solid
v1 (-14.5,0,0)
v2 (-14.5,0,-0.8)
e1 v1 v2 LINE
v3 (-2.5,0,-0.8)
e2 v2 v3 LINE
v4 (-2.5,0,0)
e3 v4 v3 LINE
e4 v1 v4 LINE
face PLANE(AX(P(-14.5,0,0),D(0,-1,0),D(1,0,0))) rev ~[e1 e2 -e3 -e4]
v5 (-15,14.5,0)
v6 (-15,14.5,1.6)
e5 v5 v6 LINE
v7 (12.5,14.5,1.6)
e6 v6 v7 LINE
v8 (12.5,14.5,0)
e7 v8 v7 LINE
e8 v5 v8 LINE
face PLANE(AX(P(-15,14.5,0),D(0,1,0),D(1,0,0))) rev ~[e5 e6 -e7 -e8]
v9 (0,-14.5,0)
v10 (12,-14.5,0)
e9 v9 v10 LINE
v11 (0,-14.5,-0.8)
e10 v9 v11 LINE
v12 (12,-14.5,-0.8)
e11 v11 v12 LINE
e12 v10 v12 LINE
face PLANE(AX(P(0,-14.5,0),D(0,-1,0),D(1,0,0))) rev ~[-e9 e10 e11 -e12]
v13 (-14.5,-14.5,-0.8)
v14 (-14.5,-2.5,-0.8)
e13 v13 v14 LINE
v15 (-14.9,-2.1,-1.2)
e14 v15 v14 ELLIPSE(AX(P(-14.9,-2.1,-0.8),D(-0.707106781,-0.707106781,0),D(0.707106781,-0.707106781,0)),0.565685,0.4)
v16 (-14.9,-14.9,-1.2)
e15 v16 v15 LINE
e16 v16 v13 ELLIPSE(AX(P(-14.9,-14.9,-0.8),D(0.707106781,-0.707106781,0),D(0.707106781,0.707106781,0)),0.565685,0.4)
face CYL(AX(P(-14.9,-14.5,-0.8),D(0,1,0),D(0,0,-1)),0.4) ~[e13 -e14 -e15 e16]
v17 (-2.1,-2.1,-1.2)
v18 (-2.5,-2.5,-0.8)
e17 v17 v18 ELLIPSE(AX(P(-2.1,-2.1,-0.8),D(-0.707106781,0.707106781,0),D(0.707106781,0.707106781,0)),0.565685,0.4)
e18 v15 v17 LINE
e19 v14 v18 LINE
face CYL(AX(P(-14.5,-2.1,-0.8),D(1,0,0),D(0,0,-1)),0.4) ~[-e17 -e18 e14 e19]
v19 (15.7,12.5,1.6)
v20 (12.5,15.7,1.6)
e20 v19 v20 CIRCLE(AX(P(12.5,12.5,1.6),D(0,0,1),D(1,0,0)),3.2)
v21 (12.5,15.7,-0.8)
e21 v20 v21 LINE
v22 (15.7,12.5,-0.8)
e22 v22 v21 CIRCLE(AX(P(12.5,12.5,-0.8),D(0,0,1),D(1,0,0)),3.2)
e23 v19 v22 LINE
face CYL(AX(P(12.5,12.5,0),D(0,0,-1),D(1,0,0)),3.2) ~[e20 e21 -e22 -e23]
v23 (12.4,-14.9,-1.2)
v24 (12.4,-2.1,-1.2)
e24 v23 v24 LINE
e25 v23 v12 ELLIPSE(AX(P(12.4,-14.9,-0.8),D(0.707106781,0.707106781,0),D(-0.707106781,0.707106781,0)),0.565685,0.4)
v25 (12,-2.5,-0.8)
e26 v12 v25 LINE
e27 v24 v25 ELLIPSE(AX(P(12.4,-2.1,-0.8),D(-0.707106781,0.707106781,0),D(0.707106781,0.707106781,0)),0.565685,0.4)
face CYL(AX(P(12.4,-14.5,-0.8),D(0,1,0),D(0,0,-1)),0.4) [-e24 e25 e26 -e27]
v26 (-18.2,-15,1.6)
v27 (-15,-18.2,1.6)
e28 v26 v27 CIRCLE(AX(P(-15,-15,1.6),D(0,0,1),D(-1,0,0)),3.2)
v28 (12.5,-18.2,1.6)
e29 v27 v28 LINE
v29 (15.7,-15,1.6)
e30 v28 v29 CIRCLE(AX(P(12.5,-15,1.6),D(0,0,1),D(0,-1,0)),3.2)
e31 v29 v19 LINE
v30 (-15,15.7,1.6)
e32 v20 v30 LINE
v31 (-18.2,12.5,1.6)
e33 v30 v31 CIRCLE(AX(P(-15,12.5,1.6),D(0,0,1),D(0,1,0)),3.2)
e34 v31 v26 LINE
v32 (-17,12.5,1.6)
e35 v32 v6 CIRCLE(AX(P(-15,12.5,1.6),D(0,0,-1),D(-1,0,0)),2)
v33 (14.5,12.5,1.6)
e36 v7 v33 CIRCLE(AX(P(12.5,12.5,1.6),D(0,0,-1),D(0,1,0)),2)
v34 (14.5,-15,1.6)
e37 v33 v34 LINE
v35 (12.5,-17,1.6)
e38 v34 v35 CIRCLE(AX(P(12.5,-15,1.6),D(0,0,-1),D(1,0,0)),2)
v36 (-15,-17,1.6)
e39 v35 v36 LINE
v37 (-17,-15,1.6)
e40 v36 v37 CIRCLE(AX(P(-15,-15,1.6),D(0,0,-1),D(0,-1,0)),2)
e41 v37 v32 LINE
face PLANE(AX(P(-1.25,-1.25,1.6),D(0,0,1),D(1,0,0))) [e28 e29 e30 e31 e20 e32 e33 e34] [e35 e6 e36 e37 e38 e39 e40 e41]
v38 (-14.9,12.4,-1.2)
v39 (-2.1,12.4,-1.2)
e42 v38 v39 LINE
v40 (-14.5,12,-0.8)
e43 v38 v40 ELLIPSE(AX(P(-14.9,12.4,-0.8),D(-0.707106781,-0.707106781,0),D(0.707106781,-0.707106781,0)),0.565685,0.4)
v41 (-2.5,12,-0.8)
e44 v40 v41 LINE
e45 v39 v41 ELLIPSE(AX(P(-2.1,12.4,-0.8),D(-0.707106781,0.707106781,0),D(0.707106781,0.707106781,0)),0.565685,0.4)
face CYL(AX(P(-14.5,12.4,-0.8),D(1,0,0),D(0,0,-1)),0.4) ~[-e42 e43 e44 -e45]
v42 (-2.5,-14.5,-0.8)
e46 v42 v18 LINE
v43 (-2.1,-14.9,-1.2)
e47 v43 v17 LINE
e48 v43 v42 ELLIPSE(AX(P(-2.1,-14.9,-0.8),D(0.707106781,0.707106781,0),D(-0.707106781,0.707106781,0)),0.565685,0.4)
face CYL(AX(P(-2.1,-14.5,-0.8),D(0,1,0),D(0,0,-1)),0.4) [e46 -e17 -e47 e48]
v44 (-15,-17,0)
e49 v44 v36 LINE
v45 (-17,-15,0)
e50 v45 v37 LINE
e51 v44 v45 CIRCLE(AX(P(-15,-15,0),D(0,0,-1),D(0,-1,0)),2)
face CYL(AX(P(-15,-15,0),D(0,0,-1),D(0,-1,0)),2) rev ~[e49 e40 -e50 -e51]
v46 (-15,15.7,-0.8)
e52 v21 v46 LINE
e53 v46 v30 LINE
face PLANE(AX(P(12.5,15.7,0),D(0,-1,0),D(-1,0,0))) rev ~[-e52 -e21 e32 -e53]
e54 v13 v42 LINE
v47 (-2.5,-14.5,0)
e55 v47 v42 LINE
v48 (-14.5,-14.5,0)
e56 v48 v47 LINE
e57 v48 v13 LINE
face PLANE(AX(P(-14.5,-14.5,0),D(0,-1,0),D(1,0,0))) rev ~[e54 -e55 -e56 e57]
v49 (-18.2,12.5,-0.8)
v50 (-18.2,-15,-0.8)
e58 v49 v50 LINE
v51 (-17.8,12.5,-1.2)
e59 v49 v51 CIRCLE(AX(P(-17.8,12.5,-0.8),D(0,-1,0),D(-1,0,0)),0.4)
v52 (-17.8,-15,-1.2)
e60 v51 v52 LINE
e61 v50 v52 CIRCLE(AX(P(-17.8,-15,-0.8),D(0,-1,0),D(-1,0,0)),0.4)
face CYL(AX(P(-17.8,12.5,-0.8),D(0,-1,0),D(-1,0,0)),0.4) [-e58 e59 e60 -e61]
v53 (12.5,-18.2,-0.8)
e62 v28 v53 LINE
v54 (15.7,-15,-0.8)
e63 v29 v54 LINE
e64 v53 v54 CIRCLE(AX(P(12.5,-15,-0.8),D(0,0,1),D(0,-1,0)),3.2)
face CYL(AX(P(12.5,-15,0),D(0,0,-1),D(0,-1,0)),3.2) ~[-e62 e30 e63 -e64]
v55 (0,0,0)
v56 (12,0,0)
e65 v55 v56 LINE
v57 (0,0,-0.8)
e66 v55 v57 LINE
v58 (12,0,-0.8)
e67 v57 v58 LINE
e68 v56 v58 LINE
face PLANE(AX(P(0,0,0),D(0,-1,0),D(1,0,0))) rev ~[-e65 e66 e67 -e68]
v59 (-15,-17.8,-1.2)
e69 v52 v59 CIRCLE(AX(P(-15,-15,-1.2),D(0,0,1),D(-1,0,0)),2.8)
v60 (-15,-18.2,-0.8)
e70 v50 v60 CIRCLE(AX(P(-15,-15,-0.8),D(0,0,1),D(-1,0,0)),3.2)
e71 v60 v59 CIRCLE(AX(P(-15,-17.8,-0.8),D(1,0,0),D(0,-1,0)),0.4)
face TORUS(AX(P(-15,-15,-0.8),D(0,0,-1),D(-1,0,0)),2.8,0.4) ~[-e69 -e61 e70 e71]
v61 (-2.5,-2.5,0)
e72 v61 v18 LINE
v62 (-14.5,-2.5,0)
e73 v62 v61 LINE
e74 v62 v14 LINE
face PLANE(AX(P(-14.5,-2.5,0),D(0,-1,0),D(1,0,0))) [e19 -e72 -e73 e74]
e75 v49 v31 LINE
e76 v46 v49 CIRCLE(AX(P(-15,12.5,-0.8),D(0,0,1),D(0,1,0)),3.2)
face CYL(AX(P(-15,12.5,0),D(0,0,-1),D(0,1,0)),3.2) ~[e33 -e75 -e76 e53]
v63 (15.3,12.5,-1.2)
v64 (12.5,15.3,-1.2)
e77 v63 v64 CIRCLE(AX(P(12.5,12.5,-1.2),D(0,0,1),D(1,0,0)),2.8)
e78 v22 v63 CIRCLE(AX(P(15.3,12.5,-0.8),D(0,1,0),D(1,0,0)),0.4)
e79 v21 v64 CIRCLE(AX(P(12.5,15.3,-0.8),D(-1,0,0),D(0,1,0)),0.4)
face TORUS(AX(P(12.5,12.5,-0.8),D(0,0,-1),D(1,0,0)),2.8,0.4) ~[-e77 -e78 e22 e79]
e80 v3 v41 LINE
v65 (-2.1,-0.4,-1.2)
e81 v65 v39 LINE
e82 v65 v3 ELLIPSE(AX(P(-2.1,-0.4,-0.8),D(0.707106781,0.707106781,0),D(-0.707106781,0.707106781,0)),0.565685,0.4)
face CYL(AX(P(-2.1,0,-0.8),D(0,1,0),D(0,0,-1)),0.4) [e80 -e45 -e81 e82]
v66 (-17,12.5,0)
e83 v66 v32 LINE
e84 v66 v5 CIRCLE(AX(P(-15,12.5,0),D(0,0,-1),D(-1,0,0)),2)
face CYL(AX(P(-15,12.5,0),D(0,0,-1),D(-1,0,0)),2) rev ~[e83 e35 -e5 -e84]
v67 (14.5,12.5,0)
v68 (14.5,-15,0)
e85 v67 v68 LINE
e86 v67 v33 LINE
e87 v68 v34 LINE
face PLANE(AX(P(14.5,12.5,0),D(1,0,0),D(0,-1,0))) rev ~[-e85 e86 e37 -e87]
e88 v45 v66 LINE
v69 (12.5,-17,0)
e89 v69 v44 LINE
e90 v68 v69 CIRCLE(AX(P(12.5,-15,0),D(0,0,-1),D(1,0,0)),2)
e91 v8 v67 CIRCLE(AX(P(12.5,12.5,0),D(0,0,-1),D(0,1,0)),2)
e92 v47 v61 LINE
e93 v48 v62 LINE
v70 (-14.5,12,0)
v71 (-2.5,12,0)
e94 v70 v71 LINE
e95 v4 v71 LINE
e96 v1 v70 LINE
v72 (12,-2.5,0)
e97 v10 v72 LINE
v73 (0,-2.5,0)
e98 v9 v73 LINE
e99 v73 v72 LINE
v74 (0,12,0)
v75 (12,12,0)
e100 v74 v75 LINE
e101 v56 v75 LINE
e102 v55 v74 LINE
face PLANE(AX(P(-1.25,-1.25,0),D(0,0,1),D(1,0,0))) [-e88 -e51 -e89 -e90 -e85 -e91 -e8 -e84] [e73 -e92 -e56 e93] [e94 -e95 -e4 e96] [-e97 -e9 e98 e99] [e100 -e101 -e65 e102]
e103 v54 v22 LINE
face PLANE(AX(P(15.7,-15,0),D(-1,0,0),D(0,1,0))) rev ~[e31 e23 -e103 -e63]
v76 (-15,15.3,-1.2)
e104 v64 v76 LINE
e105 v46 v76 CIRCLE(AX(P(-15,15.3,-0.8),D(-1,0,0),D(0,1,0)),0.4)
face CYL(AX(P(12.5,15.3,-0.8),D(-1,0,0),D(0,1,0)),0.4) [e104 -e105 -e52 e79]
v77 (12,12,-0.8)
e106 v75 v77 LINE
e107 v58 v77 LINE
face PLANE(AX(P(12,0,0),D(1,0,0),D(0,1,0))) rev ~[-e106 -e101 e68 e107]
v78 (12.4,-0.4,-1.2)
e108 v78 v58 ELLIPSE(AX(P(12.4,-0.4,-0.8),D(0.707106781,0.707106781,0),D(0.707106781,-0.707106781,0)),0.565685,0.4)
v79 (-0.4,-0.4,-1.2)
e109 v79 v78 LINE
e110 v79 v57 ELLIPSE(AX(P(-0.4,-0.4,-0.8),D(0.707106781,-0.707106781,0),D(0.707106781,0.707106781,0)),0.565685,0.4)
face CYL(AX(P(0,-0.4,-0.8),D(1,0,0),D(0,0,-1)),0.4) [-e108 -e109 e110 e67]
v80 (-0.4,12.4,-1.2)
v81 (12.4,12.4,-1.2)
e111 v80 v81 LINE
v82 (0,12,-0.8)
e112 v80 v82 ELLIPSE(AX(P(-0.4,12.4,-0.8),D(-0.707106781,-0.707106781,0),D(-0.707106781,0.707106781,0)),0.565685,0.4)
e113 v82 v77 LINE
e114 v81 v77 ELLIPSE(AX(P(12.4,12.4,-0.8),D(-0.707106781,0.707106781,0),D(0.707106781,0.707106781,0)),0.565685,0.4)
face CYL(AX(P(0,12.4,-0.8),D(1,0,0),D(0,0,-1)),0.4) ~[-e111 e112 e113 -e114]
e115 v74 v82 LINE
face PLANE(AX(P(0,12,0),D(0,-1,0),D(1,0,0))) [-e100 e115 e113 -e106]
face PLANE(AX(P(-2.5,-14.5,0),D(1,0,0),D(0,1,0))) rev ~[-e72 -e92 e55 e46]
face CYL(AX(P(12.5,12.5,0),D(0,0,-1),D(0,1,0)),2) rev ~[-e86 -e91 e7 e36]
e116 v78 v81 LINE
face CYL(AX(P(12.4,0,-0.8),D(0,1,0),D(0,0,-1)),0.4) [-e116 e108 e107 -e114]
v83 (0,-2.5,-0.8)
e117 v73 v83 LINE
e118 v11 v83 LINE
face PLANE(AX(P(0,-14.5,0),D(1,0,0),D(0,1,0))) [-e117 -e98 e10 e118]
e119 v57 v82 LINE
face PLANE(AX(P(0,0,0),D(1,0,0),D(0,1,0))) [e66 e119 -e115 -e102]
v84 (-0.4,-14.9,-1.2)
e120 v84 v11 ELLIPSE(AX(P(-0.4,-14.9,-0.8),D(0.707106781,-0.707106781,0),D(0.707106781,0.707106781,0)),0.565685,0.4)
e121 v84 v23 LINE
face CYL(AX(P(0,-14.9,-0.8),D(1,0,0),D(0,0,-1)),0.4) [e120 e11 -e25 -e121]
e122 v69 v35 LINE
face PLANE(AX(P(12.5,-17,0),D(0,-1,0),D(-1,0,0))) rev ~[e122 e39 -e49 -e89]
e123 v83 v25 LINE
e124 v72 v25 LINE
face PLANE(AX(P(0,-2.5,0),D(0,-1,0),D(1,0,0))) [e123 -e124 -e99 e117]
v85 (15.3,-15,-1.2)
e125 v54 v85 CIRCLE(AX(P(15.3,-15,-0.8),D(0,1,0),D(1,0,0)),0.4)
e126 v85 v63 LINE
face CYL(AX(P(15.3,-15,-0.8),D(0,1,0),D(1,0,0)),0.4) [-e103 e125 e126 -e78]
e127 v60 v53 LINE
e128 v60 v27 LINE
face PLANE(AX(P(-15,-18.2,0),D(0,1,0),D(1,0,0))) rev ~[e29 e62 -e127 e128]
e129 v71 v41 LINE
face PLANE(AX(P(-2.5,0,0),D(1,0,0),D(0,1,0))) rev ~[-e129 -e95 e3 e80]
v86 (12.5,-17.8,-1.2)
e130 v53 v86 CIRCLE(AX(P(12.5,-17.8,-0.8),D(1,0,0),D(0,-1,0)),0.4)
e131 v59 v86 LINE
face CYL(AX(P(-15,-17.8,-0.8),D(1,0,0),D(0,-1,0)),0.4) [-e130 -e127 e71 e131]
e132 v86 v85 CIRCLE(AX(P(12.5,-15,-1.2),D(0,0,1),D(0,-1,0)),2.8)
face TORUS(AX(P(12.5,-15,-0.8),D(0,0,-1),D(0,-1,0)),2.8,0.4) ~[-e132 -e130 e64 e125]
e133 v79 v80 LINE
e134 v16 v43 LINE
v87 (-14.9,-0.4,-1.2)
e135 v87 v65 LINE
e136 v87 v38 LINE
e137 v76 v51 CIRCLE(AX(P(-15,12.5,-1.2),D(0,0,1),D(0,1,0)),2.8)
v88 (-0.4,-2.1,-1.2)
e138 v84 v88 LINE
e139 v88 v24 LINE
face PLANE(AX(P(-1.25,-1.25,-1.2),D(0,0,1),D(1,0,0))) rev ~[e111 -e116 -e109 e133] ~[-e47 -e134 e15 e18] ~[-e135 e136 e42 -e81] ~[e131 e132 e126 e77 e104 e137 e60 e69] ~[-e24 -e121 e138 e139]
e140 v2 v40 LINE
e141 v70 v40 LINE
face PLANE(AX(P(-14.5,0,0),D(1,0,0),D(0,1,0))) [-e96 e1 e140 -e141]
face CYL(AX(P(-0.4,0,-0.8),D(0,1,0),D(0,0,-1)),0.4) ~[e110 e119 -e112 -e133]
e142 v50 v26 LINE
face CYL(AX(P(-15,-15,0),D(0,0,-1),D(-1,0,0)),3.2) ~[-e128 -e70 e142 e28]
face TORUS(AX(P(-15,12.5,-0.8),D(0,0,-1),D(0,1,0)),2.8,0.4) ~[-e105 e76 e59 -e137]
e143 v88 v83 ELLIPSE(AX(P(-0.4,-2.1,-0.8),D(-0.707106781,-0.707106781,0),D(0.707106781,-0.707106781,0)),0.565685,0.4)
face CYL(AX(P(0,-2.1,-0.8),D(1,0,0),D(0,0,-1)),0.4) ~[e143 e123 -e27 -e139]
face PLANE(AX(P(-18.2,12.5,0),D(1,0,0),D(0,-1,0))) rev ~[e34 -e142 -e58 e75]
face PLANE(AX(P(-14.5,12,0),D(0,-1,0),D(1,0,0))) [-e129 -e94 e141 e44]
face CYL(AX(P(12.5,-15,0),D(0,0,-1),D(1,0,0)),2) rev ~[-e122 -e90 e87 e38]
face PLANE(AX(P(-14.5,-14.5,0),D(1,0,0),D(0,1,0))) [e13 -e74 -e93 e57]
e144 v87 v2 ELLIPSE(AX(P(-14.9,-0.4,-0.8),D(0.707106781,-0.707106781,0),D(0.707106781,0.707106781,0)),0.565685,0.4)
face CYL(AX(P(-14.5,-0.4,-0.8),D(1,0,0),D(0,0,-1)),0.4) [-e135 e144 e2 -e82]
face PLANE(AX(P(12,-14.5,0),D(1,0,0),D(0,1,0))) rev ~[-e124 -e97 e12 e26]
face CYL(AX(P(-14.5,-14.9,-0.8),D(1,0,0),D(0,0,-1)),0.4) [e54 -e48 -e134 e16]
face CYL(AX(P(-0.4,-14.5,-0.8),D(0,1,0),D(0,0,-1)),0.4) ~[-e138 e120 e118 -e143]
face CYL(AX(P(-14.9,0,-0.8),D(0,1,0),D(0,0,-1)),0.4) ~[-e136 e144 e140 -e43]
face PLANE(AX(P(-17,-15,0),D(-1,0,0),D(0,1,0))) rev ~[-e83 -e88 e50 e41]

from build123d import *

# Parameters (mm, degrees)
F0_W     = 12
F0_H     = 12
F1_DEPTH = 1.2
F2_DEPTH = 1.6
F3_R     = 0.4


with BuildPart() as f1:
    # F0 (on Top) → F1 (new body)
    with BuildSketch(Plane.XY):
        with BuildLine():
            Line((12.5, 15.7), (-15, 15.7))
            ThreePointArc((-15, 15.7), (-17.2627416998, 14.7627416998), (-18.2, 12.5))
            Line((-18.2, 12.5), (-18.2, -15))
            ThreePointArc((-18.2, -15), (-17.2627416998, -17.2627416998), (-15, -18.2))
            Line((-15, -18.2), (12.5, -18.2))
            ThreePointArc((12.5, -18.2), (14.7627416998, -17.2627416998), (15.7, -15))
            Line((15.7, -15), (15.7, 12.5))
            ThreePointArc((15.7, 12.5), (14.7627416998, 14.7627416998), (12.5, 15.7))
        make_face()
        with BuildLine():
            ThreePointArc((-17, 12.5), (-16.4142135624, 13.9142135624), (-15, 14.5))
            Line((-15, 14.5), (12.5, 14.5))
            ThreePointArc((12.5, 14.5), (13.9142135624, 13.9142135624), (14.5, 12.5))
            Line((14.5, 12.5), (14.5, -15))
            ThreePointArc((14.5, -15), (13.9142135624, -16.4142135624), (12.5, -17))
            Line((12.5, -17), (-15, -17))
            ThreePointArc((-15, -17), (-16.4142135624, -16.4142135624), (-17, -15))
            Line((-17, -15), (-17, 12.5))
        make_face(mode=Mode.SUBTRACT)
        with BuildLine():
            Line((12.5, 14.5), (-15, 14.5))
            ThreePointArc((-15, 14.5), (-16.4142135624, 13.9142135624), (-17, 12.5))
            Line((-17, 12.5), (-17, -15))
            ThreePointArc((-17, -15), (-16.4142135624, -16.4142135624), (-15, -17))
            Line((-15, -17), (12.5, -17))
            ThreePointArc((12.5, -17), (13.9142135624, -16.4142135624), (14.5, -15))
            Line((14.5, -15), (14.5, 12.5))
            ThreePointArc((14.5, 12.5), (13.9142135624, 13.9142135624), (12.5, 14.5))
        make_face()
        with Locations((-8.5, -8.5)):
            Rectangle(F0_W, F0_H, mode=Mode.SUBTRACT)
        with Locations((6, -8.5)):
            Rectangle(F0_W, F0_H, mode=Mode.SUBTRACT)
        with Locations((-8.5, 6)):
            Rectangle(F0_W, F0_H, mode=Mode.SUBTRACT)
        with Locations((6, 6)):
            Rectangle(F0_W, F0_H, mode=Mode.SUBTRACT)
    extrude(amount=-F1_DEPTH)

    # F0 (on Top) → F2 (join)
    with BuildSketch(Plane.XY):
        with BuildLine():
            Line((12.5, 15.7), (-15, 15.7))
            ThreePointArc((-15, 15.7), (-17.2627416998, 14.7627416998), (-18.2, 12.5))
            Line((-18.2, 12.5), (-18.2, -15))
            ThreePointArc((-18.2, -15), (-17.2627416998, -17.2627416998), (-15, -18.2))
            Line((-15, -18.2), (12.5, -18.2))
            ThreePointArc((12.5, -18.2), (14.7627416998, -17.2627416998), (15.7, -15))
            Line((15.7, -15), (15.7, 12.5))
            ThreePointArc((15.7, 12.5), (14.7627416998, 14.7627416998), (12.5, 15.7))
        make_face()
        with BuildLine():
            ThreePointArc((-17, 12.5), (-16.4142135624, 13.9142135624), (-15, 14.5))
            Line((-15, 14.5), (12.5, 14.5))
            ThreePointArc((12.5, 14.5), (13.9142135624, 13.9142135624), (14.5, 12.5))
            Line((14.5, 12.5), (14.5, -15))
            ThreePointArc((14.5, -15), (13.9142135624, -16.4142135624), (12.5, -17))
            Line((12.5, -17), (-15, -17))
            ThreePointArc((-15, -17), (-16.4142135624, -16.4142135624), (-17, -15))
            Line((-17, -15), (-17, 12.5))
        make_face(mode=Mode.SUBTRACT)
    extrude(amount=F2_DEPTH)

    # F3
    f3_edges = [f1.edges().sort_by_distance(p)[0] for p in [
        (-8.5, -2.5, -1.2),
        (-2.5, -8.5, -1.2),
        (-8.5, -14.5, -1.2),
        (-14.5, -8.5, -1.2),
        (6, -2.5, -1.2),
        (12, -8.5, -1.2),
        (6, -14.5, -1.2),
        (0, -8.5, -1.2),
        (-8.5, 12, -1.2),
        (-2.5, 6, -1.2),
        (-8.5, 0, -1.2),
        (-14.5, 6, -1.2),
        (6, 0, -1.2),
        (0, 6, -1.2),
        (6, 12, -1.2),
        (12, 6, -1.2),
        (-1.25, 15.7, -1.2),
        (-17.262742, 14.762742, -1.2),
        (-18.2, -1.25, -1.2),
        (-17.262742, -17.262742, -1.2),
        (-1.25, -18.2, -1.2),
        (14.762742, -17.262742, -1.2),
        (15.7, -1.25, -1.2),
        (14.762742, 14.762742, -1.2),
    ]]
    fillet(f3_edges, radius=F3_R)


solid = f1.part
